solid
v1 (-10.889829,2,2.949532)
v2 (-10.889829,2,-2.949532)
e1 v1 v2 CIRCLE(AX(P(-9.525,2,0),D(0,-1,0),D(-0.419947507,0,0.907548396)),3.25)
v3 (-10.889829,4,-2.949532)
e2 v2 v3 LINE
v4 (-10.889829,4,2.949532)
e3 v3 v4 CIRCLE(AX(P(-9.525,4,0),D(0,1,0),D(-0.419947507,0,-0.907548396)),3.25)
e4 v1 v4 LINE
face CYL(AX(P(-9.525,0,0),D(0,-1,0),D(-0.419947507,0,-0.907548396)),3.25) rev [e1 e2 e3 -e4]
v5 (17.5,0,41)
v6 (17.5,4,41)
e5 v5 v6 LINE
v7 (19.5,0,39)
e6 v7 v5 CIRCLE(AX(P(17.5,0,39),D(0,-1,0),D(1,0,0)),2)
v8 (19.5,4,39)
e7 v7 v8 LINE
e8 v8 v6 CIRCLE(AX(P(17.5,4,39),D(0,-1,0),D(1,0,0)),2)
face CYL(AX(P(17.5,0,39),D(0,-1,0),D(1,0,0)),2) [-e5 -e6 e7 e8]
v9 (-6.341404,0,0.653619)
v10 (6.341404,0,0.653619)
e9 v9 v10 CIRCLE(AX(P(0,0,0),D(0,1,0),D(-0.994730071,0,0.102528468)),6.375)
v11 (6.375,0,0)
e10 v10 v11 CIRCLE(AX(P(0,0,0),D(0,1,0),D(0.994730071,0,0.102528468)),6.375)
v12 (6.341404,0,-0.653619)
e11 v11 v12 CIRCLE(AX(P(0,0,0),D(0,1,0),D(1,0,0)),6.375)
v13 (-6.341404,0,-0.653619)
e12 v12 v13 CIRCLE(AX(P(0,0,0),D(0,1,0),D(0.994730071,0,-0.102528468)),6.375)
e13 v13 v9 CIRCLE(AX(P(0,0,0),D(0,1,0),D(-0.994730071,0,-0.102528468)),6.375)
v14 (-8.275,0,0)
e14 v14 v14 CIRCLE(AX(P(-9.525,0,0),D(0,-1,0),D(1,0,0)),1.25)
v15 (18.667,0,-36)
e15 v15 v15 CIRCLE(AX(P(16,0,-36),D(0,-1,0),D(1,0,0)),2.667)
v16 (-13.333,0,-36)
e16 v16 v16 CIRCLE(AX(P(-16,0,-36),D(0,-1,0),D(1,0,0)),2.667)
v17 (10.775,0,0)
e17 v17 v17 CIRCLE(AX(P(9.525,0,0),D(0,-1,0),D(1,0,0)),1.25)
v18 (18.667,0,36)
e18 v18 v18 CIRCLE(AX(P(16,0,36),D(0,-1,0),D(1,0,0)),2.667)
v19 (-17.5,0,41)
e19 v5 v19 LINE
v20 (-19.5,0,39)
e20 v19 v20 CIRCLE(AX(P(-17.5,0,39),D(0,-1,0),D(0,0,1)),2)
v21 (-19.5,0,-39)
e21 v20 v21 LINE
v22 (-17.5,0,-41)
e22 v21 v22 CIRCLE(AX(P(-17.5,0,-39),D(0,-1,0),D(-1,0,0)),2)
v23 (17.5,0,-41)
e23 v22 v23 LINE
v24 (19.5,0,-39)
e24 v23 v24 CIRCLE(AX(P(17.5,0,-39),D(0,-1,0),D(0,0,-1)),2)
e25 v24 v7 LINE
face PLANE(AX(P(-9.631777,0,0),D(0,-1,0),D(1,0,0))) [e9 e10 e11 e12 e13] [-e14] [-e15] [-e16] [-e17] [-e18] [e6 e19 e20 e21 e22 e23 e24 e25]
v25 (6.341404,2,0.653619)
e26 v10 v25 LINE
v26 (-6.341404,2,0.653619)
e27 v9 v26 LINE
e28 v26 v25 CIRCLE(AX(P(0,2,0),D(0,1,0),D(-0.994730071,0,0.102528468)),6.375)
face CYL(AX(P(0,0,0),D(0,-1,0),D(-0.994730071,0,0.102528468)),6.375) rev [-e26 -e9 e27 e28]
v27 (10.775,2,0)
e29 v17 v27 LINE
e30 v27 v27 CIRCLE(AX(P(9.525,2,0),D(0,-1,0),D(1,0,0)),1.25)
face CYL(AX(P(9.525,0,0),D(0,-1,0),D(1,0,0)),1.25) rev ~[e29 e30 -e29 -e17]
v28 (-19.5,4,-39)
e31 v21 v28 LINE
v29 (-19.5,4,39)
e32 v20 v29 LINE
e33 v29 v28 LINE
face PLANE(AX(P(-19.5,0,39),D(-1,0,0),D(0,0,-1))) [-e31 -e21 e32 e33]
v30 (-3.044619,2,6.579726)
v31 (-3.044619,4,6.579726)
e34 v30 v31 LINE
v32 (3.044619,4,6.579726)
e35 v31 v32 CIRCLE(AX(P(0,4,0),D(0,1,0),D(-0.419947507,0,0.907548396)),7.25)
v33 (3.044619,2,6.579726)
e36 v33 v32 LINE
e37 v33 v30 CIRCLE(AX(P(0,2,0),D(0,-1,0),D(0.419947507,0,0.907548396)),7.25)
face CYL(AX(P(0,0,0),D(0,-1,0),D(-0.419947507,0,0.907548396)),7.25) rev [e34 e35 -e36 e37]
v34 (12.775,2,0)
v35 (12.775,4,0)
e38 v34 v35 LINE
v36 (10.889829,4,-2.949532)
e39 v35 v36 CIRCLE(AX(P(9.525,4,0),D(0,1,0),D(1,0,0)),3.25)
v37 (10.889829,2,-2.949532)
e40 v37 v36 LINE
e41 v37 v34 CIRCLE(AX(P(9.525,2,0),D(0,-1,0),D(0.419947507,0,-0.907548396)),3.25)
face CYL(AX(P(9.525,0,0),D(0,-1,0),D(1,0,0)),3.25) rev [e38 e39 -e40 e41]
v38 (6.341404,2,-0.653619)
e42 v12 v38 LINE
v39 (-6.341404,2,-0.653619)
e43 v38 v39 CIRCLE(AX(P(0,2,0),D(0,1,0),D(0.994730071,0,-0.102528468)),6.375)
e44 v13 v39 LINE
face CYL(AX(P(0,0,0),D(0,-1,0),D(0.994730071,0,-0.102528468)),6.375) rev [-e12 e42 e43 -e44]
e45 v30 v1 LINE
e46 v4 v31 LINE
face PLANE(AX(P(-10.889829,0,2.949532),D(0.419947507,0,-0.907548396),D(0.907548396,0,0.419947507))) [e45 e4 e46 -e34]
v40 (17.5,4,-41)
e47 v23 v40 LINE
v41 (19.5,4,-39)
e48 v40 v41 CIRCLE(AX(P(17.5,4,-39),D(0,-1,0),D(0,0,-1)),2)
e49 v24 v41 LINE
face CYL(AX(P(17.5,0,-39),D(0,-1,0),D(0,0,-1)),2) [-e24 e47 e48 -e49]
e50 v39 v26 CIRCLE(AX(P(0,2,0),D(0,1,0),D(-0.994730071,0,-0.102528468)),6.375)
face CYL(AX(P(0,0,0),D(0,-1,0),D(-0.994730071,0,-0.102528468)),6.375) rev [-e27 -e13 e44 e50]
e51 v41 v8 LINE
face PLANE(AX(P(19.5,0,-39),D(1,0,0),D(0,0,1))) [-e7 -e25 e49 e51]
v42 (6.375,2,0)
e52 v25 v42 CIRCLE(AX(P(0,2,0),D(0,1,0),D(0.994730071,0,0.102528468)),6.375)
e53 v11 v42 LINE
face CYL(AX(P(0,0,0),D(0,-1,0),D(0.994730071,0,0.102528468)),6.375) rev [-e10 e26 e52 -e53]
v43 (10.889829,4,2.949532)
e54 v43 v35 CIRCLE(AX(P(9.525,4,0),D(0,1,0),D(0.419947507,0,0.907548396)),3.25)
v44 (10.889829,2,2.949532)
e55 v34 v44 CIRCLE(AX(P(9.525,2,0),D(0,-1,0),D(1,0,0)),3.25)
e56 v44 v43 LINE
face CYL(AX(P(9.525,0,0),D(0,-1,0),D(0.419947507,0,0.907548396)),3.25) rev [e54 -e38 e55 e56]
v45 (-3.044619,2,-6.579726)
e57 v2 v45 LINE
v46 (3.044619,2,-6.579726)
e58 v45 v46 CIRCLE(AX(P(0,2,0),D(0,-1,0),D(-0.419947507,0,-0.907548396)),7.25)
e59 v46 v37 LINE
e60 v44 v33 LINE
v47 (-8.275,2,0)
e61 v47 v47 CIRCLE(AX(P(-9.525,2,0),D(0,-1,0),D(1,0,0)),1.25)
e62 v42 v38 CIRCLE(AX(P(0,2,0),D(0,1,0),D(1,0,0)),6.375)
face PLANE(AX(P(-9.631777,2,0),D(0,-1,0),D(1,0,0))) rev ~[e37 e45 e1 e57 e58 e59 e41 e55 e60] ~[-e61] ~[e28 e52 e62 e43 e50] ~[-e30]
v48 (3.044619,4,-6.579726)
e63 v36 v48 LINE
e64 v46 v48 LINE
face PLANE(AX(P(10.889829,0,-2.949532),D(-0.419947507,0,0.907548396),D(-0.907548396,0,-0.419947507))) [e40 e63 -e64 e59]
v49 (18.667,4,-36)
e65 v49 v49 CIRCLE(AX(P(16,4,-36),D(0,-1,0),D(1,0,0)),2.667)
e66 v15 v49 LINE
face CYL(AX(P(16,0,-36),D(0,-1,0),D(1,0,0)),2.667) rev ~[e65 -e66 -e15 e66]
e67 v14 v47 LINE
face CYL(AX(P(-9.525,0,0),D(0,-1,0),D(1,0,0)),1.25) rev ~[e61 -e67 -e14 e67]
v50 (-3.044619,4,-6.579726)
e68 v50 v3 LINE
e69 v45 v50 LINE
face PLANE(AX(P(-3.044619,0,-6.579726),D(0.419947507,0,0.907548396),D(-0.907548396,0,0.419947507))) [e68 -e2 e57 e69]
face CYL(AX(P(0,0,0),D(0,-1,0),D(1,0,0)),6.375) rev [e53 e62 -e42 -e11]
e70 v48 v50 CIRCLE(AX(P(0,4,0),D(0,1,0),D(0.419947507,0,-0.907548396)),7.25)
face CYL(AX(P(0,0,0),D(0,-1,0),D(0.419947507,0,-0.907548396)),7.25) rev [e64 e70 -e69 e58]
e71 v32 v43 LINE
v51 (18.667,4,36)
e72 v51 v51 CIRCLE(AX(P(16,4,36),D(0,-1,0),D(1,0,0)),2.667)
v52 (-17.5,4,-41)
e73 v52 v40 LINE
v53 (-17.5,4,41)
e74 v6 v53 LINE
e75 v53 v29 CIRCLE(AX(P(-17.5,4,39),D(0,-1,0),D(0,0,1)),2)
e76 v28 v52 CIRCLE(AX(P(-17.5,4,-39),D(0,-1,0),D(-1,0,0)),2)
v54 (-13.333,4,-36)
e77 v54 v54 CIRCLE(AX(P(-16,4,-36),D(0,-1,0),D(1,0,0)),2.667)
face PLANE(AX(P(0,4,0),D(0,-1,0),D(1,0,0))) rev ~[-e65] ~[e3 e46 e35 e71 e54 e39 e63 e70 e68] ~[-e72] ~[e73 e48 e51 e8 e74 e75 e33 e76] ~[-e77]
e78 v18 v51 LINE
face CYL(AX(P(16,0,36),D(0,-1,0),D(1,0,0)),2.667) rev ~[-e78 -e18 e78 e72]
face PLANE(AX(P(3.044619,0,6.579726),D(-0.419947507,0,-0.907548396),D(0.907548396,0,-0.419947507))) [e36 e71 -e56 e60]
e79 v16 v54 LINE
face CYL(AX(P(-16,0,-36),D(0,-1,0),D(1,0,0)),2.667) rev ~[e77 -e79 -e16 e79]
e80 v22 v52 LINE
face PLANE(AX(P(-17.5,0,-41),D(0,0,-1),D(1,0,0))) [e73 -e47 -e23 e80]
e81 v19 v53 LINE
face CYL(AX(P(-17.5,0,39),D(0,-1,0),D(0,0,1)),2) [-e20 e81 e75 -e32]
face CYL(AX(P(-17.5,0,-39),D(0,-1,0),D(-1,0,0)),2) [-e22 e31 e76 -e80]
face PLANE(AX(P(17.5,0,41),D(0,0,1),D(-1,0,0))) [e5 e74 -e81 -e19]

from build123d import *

# Parameters (mm, degrees)
F0_R     = 2.667
F1_DEPTH = 4
F0_R_2   = 1.25
F2_DEPTH = 2


with BuildPart() as f1:
    # F0 (on Front) → F1 (new body)
    with BuildSketch(Plane.XZ):
        with BuildLine():
            ThreePointArc((19.5, 39), (18.9142135624, 40.4142135624), (17.5, 41))
            Line((17.5, 41), (-17.5, 41))
            ThreePointArc((-17.5, 41), (-18.9142135624, 40.4142135624), (-19.5, 39))
            Line((-19.5, 39), (-19.5, -39))
            ThreePointArc((-19.5, -39), (-18.9142135624, -40.4142135624), (-17.5, -41))
            Line((-17.5, -41), (17.5, -41))
            ThreePointArc((17.5, -41), (18.9142135624, -40.4142135624), (19.5, -39))
            Line((19.5, -39), (19.5, 39))
        make_face()
        with Locations((-16, -36)):
            Circle(F0_R, mode=Mode.SUBTRACT)
        with Locations((16, -36)):
            Circle(F0_R, mode=Mode.SUBTRACT)
        with BuildLine():
            ThreePointArc((-3.0446194226, 6.5797258736), (0, 7.25), (3.0446194226, 6.5797258736))
            Line((3.0446194226, 6.5797258736), (10.8898293963, 2.9495322882))
            ThreePointArc((10.8898293963, 2.9495322882), (12.2634480585, 1.7502577613), (12.775, 0))
            ThreePointArc((12.775, 0), (12.2634480585, -1.7502577613), (10.8898293963, -2.9495322882))
            Line((10.8898293963, -2.9495322882), (3.0446194226, -6.5797258736))
            ThreePointArc((3.0446194226, -6.5797258736), (0, -7.25), (-3.0446194226, -6.5797258736))
            Line((-3.0446194226, -6.5797258736), (-10.8898293963, -2.9495322882))
            ThreePointArc((-10.8898293963, -2.9495322882), (-12.775, 0), (-10.8898293963, 2.9495322882))
            Line((-10.8898293963, 2.9495322882), (-3.0446194226, 6.5797258736))
        make_face(mode=Mode.SUBTRACT)
        with Locations((16, 36)):
            Circle(F0_R, mode=Mode.SUBTRACT)
    extrude(amount=-F1_DEPTH)

    # F0 (on Front) → F2 (join)
    with BuildSketch(Plane.XZ):
        with BuildLine():
            ThreePointArc((-6.9672244094, -2.0050645946), (-7.25, 0), (-6.9672244094, 2.0050645946))
            ThreePointArc((-6.9672244094, 2.0050645946), (-8.7642208194, 3.1597017325), (-10.8898293963, 2.9495322882))
            ThreePointArc((-10.8898293963, 2.9495322882), (-12.775, 0), (-10.8898293963, -2.9495322882))
            ThreePointArc((-10.8898293963, -2.9495322882), (-8.7642208194, -3.1597017325), (-6.9672244094, -2.0050645946))
        make_face()
        with Locations((-9.525, 0)):
            Circle(F0_R_2, mode=Mode.SUBTRACT)
        with BuildLine():
            ThreePointArc((-10.8898293963, 2.9495322882), (-8.7642208194, 3.1597017325), (-6.9672244094, 2.0050645946))
            ThreePointArc((-6.9672244094, 2.0050645946), (-5.5037383371, 4.7192546357), (-3.0446194226, 6.5797258736))
            Line((-3.0446194226, 6.5797258736), (-10.8898293963, 2.9495322882))
        make_face()
        with BuildLine():
            ThreePointArc((-3.0446194226, -6.5797258736), (-5.5037383371, -4.7192546357), (-6.9672244094, -2.0050645946))
            ThreePointArc((-6.9672244094, -2.0050645946), (-8.7642208194, -3.1597017325), (-10.8898293963, -2.9495322882))
            Line((-10.8898293963, -2.9495322882), (-3.0446194226, -6.5797258736))
        make_face()
        with BuildLine():
            ThreePointArc((6.9672244094, -2.0050645946), (6.5758581467, -1.3656728485), (6.3414041995, -0.653618986))
            ThreePointArc((6.3414041995, -0.653618986), (0, -6.375), (-6.3414041995, -0.653618986))
            ThreePointArc((-6.3414041995, -0.653618986), (-6.5758581467, -1.3656728485), (-6.9672244094, -2.0050645946))
            ThreePointArc((-6.9672244094, -2.0050645946), (-5.5037383371, -4.7192546357), (-3.0446194226, -6.5797258736))
            ThreePointArc((-3.0446194226, -6.5797258736), (0, -7.25), (3.0446194226, -6.5797258736))
            ThreePointArc((3.0446194226, -6.5797258736), (5.5037383371, -4.7192546357), (6.9672244094, -2.0050645946))
        make_face()
        with BuildLine():
            ThreePointArc((-6.3414041995, -0.653618986), (-6.375, 0), (-6.3414041995, 0.653618986))
            ThreePointArc((-6.3414041995, 0.653618986), (-6.5758581467, 1.3656728485), (-6.9672244094, 2.0050645946))
            ThreePointArc((-6.9672244094, 2.0050645946), (-7.25, 0), (-6.9672244094, -2.0050645946))
            ThreePointArc((-6.9672244094, -2.0050645946), (-6.5758581467, -1.3656728485), (-6.3414041995, -0.653618986))
        make_face()
        with BuildLine():
            ThreePointArc((-6.3414041995, 0.653618986), (0, 6.375), (6.3414041995, 0.653618986))
            ThreePointArc((6.3414041995, 0.653618986), (6.5758581467, 1.3656728485), (6.9672244094, 2.0050645946))
            ThreePointArc((6.9672244094, 2.0050645946), (5.5037383371, 4.7192546357), (3.0446194226, 6.5797258736))
            ThreePointArc((3.0446194226, 6.5797258736), (0, 7.25), (-3.0446194226, 6.5797258736))
            ThreePointArc((-3.0446194226, 6.5797258736), (-5.5037383371, 4.7192546357), (-6.9672244094, 2.0050645946))
            ThreePointArc((-6.9672244094, 2.0050645946), (-6.5758581467, 1.3656728485), (-6.3414041995, 0.653618986))
        make_face()
        with BuildLine():
            ThreePointArc((6.3414041995, 0.653618986), (6.3665955098, 0.3272409115), (6.375, 0))
            ThreePointArc((6.375, 0), (6.3665955098, -0.3272409115), (6.3414041995, -0.653618986))
            ThreePointArc((6.3414041995, -0.653618986), (6.5758581467, -1.3656728485), (6.9672244094, -2.0050645946))
            ThreePointArc((6.9672244094, -2.0050645946), (7.1789580361, -1.0124532166), (7.25, 0))
            ThreePointArc((7.25, 0), (7.1789580361, 1.0124532166), (6.9672244094, 2.0050645946))
            ThreePointArc((6.9672244094, 2.0050645946), (6.5758581467, 1.3656728485), (6.3414041995, 0.653618986))
        make_face()
        with BuildLine():
            ThreePointArc((10.8898293963, 2.9495322882), (8.7642208194, 3.1597017325), (6.9672244094, 2.0050645946))
            ThreePointArc((6.9672244094, 2.0050645946), (7.1789580361, 1.0124532166), (7.25, 0))
            ThreePointArc((7.25, 0), (7.1789580361, -1.0124532166), (6.9672244094, -2.0050645946))
            ThreePointArc((6.9672244094, -2.0050645946), (8.7642208194, -3.1597017325), (10.8898293963, -2.9495322882))
            ThreePointArc((10.8898293963, -2.9495322882), (12.2634480585, -1.7502577613), (12.775, 0))
            ThreePointArc((12.775, 0), (12.2634480585, 1.7502577613), (10.8898293963, 2.9495322882))
        make_face()
        with Locations((9.525, 0)):
            Circle(F0_R_2, mode=Mode.SUBTRACT)
        with BuildLine():
            ThreePointArc((10.8898293963, -2.9495322882), (8.7642208194, -3.1597017325), (6.9672244094, -2.0050645946))
            ThreePointArc((6.9672244094, -2.0050645946), (5.5037383371, -4.7192546357), (3.0446194226, -6.5797258736))
            Line((3.0446194226, -6.5797258736), (10.8898293963, -2.9495322882))
        make_face()
        with BuildLine():
            ThreePointArc((3.0446194226, 6.5797258736), (5.5037383371, 4.7192546357), (6.9672244094, 2.0050645946))
            ThreePointArc((6.9672244094, 2.0050645946), (8.7642208194, 3.1597017325), (10.8898293963, 2.9495322882))
            Line((10.8898293963, 2.9495322882), (3.0446194226, 6.5797258736))
        make_face()
    extrude(amount=-F2_DEPTH)


solid = f1.part
